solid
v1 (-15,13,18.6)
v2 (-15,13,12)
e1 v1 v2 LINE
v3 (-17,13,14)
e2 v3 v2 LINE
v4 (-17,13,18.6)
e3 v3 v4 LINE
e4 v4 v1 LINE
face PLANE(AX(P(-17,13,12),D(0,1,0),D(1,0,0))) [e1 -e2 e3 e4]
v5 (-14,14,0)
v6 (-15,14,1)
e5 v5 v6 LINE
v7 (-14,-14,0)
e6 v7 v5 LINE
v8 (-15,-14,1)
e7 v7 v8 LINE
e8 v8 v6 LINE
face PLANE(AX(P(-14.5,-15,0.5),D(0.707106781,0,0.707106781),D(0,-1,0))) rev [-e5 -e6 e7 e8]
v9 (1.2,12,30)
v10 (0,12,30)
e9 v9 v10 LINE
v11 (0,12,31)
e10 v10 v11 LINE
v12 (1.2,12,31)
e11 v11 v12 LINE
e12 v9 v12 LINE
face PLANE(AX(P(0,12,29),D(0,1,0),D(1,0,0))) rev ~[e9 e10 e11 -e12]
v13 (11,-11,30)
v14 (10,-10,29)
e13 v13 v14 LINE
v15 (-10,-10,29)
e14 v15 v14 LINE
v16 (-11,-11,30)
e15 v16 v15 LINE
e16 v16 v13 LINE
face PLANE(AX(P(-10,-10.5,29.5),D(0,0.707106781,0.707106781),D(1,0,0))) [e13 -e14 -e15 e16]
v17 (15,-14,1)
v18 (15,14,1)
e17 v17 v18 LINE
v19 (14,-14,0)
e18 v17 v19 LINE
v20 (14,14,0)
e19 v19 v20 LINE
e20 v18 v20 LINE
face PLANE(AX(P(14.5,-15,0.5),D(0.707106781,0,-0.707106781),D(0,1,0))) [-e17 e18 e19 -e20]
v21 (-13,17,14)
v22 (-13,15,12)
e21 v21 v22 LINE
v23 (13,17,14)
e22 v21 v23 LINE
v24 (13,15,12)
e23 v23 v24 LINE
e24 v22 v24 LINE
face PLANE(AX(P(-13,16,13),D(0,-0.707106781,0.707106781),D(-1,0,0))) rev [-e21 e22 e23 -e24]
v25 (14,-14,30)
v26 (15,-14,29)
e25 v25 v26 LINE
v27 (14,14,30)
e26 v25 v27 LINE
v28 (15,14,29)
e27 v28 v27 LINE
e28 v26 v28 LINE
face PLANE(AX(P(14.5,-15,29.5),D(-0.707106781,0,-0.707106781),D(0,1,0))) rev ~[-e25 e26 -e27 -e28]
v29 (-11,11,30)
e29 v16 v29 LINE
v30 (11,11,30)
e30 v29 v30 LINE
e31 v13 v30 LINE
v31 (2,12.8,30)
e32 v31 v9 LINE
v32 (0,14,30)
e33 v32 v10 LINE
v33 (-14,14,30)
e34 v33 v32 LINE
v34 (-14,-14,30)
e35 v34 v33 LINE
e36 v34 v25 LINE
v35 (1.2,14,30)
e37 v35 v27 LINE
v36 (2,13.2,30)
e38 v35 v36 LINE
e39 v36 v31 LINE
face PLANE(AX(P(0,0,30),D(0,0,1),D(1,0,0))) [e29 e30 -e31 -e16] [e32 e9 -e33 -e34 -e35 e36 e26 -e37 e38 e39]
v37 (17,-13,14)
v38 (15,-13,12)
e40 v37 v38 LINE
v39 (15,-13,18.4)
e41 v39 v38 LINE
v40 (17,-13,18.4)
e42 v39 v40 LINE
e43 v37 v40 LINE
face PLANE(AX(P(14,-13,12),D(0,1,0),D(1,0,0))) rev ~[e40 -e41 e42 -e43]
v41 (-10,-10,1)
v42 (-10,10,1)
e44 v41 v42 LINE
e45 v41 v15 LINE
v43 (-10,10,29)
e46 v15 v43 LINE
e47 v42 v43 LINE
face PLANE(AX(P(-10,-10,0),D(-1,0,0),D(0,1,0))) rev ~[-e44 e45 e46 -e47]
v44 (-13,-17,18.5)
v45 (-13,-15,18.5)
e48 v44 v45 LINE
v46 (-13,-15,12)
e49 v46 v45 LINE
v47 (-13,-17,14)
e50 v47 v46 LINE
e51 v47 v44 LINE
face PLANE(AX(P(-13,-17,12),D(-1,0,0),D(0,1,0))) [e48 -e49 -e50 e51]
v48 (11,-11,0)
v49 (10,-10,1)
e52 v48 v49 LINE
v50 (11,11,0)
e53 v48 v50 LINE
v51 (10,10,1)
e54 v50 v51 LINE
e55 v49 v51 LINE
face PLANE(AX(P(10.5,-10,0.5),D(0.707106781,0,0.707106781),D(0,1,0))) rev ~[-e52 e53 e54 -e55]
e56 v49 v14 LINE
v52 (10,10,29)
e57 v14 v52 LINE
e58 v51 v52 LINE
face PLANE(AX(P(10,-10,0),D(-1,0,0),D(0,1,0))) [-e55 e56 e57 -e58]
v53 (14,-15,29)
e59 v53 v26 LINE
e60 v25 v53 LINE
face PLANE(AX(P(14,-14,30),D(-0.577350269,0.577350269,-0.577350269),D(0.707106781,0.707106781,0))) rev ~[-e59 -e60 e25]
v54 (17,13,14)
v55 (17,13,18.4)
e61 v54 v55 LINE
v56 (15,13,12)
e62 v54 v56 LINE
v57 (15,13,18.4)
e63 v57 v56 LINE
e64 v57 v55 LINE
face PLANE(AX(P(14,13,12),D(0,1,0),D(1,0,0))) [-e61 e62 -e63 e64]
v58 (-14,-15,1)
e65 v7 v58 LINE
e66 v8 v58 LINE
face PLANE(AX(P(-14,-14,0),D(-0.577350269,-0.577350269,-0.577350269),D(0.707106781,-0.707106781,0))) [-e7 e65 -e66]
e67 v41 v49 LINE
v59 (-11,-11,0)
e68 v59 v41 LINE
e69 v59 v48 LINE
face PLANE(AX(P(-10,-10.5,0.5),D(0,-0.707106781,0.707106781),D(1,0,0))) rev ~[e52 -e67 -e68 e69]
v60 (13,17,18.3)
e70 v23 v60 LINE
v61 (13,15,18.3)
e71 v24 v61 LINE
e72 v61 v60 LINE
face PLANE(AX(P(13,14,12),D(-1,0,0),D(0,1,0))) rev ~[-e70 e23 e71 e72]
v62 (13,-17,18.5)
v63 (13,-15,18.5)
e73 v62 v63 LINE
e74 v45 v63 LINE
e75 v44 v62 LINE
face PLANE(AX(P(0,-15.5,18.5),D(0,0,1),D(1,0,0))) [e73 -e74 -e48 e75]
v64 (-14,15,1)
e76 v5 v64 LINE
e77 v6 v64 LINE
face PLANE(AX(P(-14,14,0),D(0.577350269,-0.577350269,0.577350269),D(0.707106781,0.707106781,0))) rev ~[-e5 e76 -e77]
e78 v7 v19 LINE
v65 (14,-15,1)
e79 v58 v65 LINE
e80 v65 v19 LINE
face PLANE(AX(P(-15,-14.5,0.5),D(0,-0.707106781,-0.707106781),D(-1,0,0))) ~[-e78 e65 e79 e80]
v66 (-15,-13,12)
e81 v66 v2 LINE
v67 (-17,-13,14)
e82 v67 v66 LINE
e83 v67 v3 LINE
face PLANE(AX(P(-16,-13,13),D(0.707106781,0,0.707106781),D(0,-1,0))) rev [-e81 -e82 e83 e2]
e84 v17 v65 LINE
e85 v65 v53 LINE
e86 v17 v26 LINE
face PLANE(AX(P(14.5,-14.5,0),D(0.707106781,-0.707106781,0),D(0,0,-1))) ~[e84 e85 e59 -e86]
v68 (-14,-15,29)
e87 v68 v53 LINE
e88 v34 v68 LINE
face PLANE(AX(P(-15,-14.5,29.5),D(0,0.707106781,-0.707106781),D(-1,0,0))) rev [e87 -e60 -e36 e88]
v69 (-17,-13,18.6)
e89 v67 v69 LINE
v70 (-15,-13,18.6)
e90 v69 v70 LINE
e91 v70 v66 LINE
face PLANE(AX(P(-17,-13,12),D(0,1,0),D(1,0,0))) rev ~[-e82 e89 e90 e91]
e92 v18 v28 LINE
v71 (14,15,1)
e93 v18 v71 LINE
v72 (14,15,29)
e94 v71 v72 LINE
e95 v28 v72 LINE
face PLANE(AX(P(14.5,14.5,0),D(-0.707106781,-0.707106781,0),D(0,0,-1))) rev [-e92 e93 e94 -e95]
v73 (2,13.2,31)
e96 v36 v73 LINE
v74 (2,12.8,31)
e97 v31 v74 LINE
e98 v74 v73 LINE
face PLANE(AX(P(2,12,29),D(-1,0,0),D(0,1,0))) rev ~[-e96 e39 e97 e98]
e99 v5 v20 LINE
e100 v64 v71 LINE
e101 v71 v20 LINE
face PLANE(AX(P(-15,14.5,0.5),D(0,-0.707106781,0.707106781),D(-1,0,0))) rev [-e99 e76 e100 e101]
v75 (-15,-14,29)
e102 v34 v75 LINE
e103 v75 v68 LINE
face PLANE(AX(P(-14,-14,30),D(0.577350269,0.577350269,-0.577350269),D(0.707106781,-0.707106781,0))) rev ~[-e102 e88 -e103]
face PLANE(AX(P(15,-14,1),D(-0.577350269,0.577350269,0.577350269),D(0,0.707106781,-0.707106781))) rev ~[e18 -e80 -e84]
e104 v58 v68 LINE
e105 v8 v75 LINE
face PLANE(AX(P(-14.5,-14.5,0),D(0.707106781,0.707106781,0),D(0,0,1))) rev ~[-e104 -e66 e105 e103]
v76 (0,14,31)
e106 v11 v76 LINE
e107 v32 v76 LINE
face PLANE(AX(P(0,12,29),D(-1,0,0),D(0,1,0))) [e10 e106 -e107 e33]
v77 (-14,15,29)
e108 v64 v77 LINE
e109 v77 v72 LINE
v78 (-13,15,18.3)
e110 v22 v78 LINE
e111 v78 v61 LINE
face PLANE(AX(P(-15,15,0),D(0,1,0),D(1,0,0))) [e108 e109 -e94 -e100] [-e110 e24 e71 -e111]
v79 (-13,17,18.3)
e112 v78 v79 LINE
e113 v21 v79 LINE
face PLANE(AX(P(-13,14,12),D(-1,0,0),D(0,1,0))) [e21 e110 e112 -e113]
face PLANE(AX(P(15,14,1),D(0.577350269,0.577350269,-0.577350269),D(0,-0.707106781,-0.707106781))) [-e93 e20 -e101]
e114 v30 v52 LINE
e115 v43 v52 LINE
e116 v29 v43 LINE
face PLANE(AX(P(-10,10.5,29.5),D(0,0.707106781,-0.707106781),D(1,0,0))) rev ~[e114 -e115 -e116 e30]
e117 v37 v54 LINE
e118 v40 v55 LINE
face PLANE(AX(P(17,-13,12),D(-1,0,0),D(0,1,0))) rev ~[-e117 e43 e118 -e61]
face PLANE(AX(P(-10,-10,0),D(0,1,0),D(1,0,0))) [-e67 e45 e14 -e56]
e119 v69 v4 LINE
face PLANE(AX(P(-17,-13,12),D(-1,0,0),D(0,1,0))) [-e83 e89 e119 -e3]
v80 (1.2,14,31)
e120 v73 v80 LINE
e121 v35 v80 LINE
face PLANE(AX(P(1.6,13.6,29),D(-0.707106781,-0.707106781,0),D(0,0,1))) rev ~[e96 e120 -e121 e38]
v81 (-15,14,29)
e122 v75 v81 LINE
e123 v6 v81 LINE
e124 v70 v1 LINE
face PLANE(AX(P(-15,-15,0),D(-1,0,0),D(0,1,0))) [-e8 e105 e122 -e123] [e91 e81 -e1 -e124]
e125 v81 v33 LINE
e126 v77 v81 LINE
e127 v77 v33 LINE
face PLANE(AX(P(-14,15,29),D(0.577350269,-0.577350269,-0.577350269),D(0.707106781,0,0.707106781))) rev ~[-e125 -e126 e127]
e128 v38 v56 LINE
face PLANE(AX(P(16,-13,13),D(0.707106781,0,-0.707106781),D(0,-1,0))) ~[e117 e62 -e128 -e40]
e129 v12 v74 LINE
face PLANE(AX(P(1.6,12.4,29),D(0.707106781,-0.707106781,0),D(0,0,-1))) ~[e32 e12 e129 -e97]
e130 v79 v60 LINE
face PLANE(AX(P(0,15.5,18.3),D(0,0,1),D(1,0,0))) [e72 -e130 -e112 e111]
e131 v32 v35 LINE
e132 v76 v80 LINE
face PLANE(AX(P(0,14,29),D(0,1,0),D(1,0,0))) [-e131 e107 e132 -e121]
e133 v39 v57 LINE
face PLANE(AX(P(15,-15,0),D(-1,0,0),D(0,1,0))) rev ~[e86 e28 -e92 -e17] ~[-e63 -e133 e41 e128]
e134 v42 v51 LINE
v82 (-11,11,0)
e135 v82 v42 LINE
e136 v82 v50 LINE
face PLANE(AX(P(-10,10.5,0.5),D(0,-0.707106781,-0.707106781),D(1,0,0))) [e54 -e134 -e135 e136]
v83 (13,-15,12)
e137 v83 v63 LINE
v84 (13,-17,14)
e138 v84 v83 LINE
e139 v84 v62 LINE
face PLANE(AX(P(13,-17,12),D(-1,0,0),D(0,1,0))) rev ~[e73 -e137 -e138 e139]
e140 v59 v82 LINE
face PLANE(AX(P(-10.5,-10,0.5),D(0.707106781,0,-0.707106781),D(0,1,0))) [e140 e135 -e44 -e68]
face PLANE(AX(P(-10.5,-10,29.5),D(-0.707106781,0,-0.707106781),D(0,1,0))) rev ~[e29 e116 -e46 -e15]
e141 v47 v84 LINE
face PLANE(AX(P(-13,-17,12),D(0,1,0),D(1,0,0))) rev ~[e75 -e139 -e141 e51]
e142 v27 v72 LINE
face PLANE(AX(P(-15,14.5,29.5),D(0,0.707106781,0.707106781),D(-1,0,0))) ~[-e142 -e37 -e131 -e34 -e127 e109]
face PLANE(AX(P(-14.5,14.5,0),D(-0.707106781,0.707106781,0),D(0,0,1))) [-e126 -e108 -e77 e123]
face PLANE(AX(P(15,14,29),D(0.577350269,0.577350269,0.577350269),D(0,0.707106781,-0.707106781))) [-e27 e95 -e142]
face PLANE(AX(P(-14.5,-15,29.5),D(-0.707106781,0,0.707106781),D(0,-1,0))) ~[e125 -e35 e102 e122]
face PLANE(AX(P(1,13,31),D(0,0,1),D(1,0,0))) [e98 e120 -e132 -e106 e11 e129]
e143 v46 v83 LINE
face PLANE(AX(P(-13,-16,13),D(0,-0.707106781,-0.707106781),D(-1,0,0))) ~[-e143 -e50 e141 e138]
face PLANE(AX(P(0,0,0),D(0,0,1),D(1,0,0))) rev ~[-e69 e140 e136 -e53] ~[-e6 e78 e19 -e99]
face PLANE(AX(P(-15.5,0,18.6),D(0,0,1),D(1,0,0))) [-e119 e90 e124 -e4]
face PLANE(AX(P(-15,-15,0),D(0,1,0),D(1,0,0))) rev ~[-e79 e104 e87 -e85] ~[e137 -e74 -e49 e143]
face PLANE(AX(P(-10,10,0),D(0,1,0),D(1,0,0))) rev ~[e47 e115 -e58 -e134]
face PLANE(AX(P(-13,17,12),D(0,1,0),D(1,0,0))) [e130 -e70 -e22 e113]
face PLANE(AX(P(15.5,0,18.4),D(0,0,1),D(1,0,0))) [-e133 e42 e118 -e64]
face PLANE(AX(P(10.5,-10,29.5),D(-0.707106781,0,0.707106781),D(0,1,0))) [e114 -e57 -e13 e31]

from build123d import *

# Parameters (mm, degrees)
BOX003_W        = 3
BOX003_H        = 26
BOX003_DEPTH    = 6.6
CHAMFER002_SIZE = 2
BOX002_W        = 3
BOX002_H        = 26
BOX002_DEPTH    = 6.4
CHAMFER004_SIZE = 2
BOX005_W        = 26
BOX005_H        = 3
BOX005_DEPTH    = 6.5
CHAMFER003_SIZE = 2
BOX004_W        = 26
BOX004_H        = 3
BOX004_DEPTH    = 6.3
CHAMFER001_SIZE = 2
BOX006_W        = 2
BOX006_H        = 2
BOX006_DEPTH    = 2
CHAMFER_SIZE    = 0.8
BOX001_W        = 20
BOX001_H        = 20
BOX001_DEPTH    = 30
BOX_W           = 30
BOX_H           = 30
BOX_DEPTH       = 30
CHAMFER005_SIZE = 1


with BuildPart() as chamfer002:
    # Box003 → Box003 (new body)
    with BuildSketch(Plane(origin=(-17, -13, 12), x_dir=(1, 0, 0), z_dir=(0, 0, 1))):
        with Locations((1.5, 13)):
            Rectangle(BOX003_W, BOX003_H)
    extrude(amount=BOX003_DEPTH)

    # Chamfer002
    chamfer002_edges = [chamfer002.edges().sort_by_distance(p)[0] for p in [
        (-17, 0, 12),
    ]]
    chamfer(chamfer002_edges, length=CHAMFER002_SIZE)


with BuildPart() as chamfer004:
    # Box002 → Box002 (new body)
    with BuildSketch(Plane(origin=(14, -13, 12), x_dir=(1, 0, 0), z_dir=(0, 0, 1))):
        with Locations((1.5, 13)):
            Rectangle(BOX002_W, BOX002_H)
    extrude(amount=BOX002_DEPTH)

    # Chamfer004
    chamfer004_edges = [chamfer004.edges().sort_by_distance(p)[0] for p in [
        (17, 0, 12),
    ]]
    chamfer(chamfer004_edges, length=CHAMFER004_SIZE)


with BuildPart() as chamfer003:
    # Box005 → Box005 (new body)
    with BuildSketch(Plane(origin=(-13, -17, 12), x_dir=(1, 0, 0), z_dir=(0, 0, 1))):
        with Locations((13, 1.5)):
            Rectangle(BOX005_W, BOX005_H)
    extrude(amount=BOX005_DEPTH)

    # Chamfer003
    chamfer003_edges = [chamfer003.edges().sort_by_distance(p)[0] for p in [
        (0, -17, 12),
    ]]
    chamfer(chamfer003_edges, length=CHAMFER003_SIZE)


with BuildPart() as chamfer001:
    # Box004 → Box004 (new body)
    with BuildSketch(Plane(origin=(-13, 14, 12), x_dir=(1, 0, 0), z_dir=(0, 0, 1))):
        with Locations((13, 1.5)):
            Rectangle(BOX004_W, BOX004_H)
    extrude(amount=BOX004_DEPTH)

    # Chamfer001
    chamfer001_edges = [chamfer001.edges().sort_by_distance(p)[0] for p in [
        (0, 17, 12),
    ]]
    chamfer(chamfer001_edges, length=CHAMFER001_SIZE)


with BuildPart() as chamfer_body:
    # Box006 → Box006 (new body)
    with BuildSketch(Plane(origin=(0, 12, 29), x_dir=(1, 0, 0), z_dir=(0, 0, 1))):
        with Locations((1, 1)):
            Rectangle(BOX006_W, BOX006_H)
    extrude(amount=BOX006_DEPTH)

    # Chamfer
    chamfer_edges = [chamfer_body.edges().sort_by_distance(p)[0] for p in [
        (2, 12, 30),
        (2, 14, 30),
    ]]
    chamfer(chamfer_edges, length=CHAMFER_SIZE)


with BuildPart() as cube001:
    # Box001 → Box001 (new body)
    with BuildSketch(Plane(origin=(-10, -10, 0), x_dir=(1, 0, 0), z_dir=(0, 0, 1))):
        with Locations((10, 10)):
            Rectangle(BOX001_W, BOX001_H)
    extrude(amount=BOX001_DEPTH)


with BuildPart() as fusion:
    # Box → Box (new body)
    with BuildSketch(Plane(origin=(-15, -15, 0), x_dir=(1, 0, 0), z_dir=(0, 0, 1))):
        with Locations((15, 15)):
            Rectangle(BOX_W, BOX_H)
    extrude(amount=BOX_DEPTH)

    # Cut: cut Cube001
    add(cube001.part, mode=Mode.SUBTRACT)

    # Chamfer005
    chamfer005_edges = [fusion.edges().sort_by_distance(p)[0] for p in [
        (-15, -15, 15),
        (-15, 0, 30),
        (-15, 15, 15),
        (-15, 0, 0),
        (0, -15, 0),
        (15, -15, 15),
        (0, -15, 30),
        (0, 15, 30),
        (15, 0, 30),
        (-10, 0, 30),
        (0, -10, 30),
        (10, 0, 30),
        (0, 10, 30),
        (0, 15, 0),
        (15, 15, 15),
        (15, 0, 0),
        (-10, 0, 0),
        (0, -10, 0),
        (10, 0, 0),
        (0, 10, 0),
    ]]
    chamfer(chamfer005_edges, length=CHAMFER005_SIZE)

    # Fusion: union Chamfer002, Chamfer004, Chamfer003, Chamfer001, Chamfer body
    add(chamfer002.part)
    add(chamfer004.part)
    add(chamfer003.part)
    add(chamfer001.part)
    add(chamfer_body.part)


solid = fusion.part
